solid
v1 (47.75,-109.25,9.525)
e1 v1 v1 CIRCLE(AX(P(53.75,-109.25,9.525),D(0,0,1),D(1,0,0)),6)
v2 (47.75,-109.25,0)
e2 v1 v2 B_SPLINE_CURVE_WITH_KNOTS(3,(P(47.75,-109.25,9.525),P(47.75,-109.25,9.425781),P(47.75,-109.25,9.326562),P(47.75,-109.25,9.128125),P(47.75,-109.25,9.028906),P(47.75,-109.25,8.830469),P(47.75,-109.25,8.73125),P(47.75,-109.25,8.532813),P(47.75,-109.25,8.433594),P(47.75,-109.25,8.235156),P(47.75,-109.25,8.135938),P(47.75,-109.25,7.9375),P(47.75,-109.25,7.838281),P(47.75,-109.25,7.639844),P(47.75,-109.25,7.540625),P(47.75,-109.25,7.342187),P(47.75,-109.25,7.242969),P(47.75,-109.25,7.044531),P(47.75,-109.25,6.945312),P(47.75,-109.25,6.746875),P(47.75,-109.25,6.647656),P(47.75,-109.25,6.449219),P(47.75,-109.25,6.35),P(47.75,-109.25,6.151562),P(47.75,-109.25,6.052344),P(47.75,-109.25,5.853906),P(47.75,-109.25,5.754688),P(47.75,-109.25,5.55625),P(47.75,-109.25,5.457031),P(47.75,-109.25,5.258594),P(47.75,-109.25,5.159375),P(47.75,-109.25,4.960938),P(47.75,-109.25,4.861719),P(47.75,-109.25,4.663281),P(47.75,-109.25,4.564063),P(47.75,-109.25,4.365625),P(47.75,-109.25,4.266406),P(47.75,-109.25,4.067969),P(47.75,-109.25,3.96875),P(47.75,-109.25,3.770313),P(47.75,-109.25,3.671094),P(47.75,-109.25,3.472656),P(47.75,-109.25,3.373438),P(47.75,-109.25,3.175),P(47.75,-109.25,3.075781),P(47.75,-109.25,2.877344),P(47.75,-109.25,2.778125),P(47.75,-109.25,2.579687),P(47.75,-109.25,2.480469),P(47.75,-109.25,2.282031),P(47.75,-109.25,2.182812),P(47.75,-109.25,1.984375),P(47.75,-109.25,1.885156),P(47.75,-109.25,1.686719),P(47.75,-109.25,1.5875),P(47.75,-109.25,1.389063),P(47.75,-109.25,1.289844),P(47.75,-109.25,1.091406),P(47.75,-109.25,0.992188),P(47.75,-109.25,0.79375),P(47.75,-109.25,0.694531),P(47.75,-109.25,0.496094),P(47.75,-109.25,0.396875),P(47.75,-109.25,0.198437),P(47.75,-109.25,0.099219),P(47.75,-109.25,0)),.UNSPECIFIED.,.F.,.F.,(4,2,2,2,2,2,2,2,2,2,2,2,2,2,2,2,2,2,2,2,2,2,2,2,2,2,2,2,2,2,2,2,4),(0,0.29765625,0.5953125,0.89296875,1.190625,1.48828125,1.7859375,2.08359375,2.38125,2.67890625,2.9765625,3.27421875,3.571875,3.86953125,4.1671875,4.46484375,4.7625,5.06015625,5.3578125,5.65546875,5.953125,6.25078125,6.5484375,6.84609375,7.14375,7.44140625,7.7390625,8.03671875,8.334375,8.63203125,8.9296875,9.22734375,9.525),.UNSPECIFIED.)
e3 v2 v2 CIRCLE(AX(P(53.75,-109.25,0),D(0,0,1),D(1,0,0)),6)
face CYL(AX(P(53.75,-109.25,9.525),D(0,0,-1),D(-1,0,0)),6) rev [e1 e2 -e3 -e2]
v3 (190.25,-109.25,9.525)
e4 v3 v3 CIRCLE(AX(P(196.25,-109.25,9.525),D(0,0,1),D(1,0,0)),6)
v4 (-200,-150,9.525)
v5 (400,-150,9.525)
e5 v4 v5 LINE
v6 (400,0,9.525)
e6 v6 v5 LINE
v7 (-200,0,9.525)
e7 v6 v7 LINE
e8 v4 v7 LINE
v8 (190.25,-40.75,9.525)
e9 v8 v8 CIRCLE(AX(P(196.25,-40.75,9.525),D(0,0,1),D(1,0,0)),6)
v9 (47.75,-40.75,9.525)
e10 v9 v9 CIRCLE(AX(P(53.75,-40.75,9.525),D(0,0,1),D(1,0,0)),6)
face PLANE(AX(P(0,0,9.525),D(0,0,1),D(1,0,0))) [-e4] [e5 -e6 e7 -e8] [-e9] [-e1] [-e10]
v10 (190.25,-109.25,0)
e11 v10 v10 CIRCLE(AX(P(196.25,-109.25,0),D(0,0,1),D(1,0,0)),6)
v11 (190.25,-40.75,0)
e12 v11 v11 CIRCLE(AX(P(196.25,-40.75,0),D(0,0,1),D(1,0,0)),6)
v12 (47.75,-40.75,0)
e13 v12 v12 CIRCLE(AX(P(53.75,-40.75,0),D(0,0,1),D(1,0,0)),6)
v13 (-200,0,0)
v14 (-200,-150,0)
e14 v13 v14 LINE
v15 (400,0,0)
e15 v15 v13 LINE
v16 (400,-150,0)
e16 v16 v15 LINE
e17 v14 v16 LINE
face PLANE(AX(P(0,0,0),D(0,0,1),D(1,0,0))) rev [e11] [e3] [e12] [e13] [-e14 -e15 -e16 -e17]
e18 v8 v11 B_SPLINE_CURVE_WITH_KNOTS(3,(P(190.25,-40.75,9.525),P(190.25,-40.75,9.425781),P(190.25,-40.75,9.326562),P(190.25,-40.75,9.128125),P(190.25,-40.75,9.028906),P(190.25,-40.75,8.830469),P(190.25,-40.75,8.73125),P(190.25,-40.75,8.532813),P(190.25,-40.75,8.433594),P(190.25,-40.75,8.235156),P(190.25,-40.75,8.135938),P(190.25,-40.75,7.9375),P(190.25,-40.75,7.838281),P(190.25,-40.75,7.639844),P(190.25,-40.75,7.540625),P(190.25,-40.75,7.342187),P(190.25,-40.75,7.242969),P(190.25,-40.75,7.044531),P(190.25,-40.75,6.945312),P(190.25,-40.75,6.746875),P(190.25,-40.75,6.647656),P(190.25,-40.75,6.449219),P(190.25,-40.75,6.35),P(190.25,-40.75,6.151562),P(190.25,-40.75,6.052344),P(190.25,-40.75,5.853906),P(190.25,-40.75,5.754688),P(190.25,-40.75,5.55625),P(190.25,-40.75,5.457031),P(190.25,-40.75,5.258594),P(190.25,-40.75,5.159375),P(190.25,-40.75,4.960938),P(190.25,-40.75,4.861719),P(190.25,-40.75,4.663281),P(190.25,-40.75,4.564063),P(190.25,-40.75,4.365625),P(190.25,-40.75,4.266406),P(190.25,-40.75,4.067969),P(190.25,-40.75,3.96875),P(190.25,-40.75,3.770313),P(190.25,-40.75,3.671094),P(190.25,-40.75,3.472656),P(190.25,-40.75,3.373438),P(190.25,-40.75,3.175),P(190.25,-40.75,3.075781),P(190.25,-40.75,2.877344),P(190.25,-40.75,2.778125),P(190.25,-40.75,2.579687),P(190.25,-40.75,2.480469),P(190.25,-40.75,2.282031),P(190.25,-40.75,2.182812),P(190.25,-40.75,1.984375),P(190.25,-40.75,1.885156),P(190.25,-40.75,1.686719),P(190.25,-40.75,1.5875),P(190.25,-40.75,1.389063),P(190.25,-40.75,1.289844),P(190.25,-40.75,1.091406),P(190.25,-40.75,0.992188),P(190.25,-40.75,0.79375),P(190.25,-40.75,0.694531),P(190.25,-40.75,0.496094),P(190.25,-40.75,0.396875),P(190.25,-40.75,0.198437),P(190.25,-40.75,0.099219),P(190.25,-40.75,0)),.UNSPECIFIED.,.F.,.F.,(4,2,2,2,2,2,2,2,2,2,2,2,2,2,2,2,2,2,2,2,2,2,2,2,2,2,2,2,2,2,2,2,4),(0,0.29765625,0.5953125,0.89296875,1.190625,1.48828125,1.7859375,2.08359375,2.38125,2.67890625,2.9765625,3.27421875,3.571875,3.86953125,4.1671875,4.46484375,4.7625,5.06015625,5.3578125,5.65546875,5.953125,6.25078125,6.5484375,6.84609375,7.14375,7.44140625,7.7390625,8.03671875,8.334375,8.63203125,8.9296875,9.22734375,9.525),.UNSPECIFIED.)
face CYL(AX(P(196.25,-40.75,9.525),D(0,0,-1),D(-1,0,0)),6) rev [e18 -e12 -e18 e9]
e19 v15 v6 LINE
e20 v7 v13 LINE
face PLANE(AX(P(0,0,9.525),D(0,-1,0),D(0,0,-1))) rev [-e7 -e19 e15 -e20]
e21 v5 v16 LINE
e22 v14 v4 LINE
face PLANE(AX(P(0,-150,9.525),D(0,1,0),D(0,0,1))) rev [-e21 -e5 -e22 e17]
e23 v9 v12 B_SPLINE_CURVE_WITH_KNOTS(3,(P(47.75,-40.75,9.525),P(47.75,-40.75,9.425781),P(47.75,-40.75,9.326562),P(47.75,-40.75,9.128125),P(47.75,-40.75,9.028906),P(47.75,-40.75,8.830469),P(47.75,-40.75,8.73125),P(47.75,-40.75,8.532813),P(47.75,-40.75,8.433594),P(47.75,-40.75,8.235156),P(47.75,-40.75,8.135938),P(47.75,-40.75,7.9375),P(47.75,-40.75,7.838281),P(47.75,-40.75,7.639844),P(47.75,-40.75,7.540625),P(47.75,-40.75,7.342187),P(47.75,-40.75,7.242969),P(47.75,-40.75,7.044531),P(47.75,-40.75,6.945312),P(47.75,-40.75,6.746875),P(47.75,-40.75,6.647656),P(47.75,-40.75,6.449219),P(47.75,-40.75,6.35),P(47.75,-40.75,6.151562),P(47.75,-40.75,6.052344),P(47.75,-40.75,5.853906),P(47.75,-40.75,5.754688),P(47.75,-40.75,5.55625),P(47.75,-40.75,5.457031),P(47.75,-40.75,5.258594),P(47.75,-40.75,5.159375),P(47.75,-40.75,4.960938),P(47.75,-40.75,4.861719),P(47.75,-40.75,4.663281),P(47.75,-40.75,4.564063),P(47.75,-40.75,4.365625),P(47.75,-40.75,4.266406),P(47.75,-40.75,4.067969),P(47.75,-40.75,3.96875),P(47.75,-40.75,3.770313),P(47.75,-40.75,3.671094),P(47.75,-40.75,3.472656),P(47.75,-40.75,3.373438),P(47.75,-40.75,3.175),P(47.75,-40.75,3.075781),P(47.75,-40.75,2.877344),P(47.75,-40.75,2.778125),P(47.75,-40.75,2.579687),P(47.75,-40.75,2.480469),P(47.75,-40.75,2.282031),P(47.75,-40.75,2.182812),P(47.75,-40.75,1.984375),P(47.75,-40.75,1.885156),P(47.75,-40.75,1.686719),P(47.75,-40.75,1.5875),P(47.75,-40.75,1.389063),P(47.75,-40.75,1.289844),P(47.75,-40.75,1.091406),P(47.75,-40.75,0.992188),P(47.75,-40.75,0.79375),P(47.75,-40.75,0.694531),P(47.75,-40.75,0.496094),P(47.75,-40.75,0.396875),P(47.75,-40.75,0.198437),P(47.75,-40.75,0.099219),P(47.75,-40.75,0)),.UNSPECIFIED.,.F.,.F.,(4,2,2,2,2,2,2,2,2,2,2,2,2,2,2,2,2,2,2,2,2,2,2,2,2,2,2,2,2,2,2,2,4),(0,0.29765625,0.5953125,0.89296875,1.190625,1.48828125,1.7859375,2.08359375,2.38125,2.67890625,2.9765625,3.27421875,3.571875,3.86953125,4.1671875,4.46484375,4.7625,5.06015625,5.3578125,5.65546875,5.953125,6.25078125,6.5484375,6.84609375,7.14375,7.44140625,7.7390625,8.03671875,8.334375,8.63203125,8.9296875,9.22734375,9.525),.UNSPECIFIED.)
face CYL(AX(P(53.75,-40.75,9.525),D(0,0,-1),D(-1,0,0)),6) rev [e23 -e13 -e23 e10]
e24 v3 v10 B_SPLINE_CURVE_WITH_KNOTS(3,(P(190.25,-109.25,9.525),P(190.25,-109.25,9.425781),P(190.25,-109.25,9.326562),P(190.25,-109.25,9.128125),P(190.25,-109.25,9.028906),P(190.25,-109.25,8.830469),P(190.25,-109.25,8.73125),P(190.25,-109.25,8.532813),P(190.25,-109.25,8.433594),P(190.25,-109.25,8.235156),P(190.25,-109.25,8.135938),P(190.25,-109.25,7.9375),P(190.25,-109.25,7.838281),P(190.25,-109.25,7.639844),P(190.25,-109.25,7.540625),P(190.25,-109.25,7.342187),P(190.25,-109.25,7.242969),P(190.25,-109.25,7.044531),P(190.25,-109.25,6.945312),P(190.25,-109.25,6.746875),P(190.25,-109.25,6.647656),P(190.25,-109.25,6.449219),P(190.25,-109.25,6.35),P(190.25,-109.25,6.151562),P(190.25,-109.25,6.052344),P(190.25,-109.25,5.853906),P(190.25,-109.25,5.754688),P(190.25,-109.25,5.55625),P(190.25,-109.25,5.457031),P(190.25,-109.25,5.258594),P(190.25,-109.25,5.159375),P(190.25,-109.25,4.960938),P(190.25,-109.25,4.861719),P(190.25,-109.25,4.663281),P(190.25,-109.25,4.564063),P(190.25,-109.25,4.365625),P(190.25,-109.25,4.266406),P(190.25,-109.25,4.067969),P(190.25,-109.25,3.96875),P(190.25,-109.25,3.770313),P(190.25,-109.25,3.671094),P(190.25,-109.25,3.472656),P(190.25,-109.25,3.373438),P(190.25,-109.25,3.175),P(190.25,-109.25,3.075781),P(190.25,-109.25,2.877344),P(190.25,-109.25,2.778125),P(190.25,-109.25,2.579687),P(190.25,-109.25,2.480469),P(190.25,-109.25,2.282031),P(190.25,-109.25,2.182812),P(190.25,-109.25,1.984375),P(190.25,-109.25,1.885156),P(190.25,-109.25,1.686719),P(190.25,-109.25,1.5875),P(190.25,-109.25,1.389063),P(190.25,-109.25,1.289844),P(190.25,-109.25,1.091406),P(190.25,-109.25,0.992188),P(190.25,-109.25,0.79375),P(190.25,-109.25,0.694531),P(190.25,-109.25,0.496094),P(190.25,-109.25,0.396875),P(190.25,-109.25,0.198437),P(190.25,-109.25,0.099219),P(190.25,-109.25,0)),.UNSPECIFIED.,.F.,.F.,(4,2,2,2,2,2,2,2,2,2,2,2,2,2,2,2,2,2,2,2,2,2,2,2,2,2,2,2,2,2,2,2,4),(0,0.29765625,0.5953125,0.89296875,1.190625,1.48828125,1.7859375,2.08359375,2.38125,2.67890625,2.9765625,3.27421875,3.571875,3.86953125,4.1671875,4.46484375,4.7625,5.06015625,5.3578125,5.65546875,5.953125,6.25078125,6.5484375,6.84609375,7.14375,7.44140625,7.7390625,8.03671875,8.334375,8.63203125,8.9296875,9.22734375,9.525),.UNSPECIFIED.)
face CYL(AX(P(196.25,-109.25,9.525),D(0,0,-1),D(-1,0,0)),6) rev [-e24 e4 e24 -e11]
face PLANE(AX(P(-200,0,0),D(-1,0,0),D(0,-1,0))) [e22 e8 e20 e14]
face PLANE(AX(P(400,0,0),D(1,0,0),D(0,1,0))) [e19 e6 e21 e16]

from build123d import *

# Parameters (mm, degrees)
SKETCH1_W           = 250
SKETCH1_H           = 150
SKETCH1_R           = 6
BOSS_EXTRUDE1_DEPTH = 9.525
SKETCH2_W           = 9.525
SKETCH2_H           = 150
BOSS_EXTRUDE2_DEPTH = 200
SKETCH3_W           = 9.525
SKETCH3_H           = 150
BOSS_EXTRUDE3_DEPTH = 150


with BuildPart() as part:
    # Sketch1 → Boss-Extrude1 (new body)
    with BuildSketch(Plane.XY):
        with Locations((125, -75)):
            Rectangle(SKETCH1_W, SKETCH1_H)
        with Locations(Location((53.75, -40.75, 0), (0, 0, 180))):
            Circle(SKETCH1_R, mode=Mode.SUBTRACT)
        with Locations(Location((196.25, -40.75, 0), (0, 0, 180))):
            Circle(SKETCH1_R, mode=Mode.SUBTRACT)
        with Locations(Location((196.25, -109.25, 0), (0, 0, 180))):
            Circle(SKETCH1_R, mode=Mode.SUBTRACT)
        with Locations(Location((53.75, -109.25, 0), (0, 0, 180))):
            Circle(SKETCH1_R, mode=Mode.SUBTRACT)
    extrude(amount=BOSS_EXTRUDE1_DEPTH)

    # Sketch2 → Boss-Extrude2 (add)
    with BuildSketch(Plane.ZY):
        with Locations((4.7625, -75)):
            Rectangle(SKETCH2_W, SKETCH2_H)
    extrude(amount=BOSS_EXTRUDE2_DEPTH)

    # Sketch3 → Boss-Extrude3 (add)
    with BuildSketch(Plane(origin=(250, 0, 0), x_dir=(0, 0, -1), z_dir=(1, 0, 0))):
        with Locations((-4.7625, -75)):
            Rectangle(SKETCH3_W, SKETCH3_H)
    extrude(amount=BOSS_EXTRUDE3_DEPTH)


solid = part.part
